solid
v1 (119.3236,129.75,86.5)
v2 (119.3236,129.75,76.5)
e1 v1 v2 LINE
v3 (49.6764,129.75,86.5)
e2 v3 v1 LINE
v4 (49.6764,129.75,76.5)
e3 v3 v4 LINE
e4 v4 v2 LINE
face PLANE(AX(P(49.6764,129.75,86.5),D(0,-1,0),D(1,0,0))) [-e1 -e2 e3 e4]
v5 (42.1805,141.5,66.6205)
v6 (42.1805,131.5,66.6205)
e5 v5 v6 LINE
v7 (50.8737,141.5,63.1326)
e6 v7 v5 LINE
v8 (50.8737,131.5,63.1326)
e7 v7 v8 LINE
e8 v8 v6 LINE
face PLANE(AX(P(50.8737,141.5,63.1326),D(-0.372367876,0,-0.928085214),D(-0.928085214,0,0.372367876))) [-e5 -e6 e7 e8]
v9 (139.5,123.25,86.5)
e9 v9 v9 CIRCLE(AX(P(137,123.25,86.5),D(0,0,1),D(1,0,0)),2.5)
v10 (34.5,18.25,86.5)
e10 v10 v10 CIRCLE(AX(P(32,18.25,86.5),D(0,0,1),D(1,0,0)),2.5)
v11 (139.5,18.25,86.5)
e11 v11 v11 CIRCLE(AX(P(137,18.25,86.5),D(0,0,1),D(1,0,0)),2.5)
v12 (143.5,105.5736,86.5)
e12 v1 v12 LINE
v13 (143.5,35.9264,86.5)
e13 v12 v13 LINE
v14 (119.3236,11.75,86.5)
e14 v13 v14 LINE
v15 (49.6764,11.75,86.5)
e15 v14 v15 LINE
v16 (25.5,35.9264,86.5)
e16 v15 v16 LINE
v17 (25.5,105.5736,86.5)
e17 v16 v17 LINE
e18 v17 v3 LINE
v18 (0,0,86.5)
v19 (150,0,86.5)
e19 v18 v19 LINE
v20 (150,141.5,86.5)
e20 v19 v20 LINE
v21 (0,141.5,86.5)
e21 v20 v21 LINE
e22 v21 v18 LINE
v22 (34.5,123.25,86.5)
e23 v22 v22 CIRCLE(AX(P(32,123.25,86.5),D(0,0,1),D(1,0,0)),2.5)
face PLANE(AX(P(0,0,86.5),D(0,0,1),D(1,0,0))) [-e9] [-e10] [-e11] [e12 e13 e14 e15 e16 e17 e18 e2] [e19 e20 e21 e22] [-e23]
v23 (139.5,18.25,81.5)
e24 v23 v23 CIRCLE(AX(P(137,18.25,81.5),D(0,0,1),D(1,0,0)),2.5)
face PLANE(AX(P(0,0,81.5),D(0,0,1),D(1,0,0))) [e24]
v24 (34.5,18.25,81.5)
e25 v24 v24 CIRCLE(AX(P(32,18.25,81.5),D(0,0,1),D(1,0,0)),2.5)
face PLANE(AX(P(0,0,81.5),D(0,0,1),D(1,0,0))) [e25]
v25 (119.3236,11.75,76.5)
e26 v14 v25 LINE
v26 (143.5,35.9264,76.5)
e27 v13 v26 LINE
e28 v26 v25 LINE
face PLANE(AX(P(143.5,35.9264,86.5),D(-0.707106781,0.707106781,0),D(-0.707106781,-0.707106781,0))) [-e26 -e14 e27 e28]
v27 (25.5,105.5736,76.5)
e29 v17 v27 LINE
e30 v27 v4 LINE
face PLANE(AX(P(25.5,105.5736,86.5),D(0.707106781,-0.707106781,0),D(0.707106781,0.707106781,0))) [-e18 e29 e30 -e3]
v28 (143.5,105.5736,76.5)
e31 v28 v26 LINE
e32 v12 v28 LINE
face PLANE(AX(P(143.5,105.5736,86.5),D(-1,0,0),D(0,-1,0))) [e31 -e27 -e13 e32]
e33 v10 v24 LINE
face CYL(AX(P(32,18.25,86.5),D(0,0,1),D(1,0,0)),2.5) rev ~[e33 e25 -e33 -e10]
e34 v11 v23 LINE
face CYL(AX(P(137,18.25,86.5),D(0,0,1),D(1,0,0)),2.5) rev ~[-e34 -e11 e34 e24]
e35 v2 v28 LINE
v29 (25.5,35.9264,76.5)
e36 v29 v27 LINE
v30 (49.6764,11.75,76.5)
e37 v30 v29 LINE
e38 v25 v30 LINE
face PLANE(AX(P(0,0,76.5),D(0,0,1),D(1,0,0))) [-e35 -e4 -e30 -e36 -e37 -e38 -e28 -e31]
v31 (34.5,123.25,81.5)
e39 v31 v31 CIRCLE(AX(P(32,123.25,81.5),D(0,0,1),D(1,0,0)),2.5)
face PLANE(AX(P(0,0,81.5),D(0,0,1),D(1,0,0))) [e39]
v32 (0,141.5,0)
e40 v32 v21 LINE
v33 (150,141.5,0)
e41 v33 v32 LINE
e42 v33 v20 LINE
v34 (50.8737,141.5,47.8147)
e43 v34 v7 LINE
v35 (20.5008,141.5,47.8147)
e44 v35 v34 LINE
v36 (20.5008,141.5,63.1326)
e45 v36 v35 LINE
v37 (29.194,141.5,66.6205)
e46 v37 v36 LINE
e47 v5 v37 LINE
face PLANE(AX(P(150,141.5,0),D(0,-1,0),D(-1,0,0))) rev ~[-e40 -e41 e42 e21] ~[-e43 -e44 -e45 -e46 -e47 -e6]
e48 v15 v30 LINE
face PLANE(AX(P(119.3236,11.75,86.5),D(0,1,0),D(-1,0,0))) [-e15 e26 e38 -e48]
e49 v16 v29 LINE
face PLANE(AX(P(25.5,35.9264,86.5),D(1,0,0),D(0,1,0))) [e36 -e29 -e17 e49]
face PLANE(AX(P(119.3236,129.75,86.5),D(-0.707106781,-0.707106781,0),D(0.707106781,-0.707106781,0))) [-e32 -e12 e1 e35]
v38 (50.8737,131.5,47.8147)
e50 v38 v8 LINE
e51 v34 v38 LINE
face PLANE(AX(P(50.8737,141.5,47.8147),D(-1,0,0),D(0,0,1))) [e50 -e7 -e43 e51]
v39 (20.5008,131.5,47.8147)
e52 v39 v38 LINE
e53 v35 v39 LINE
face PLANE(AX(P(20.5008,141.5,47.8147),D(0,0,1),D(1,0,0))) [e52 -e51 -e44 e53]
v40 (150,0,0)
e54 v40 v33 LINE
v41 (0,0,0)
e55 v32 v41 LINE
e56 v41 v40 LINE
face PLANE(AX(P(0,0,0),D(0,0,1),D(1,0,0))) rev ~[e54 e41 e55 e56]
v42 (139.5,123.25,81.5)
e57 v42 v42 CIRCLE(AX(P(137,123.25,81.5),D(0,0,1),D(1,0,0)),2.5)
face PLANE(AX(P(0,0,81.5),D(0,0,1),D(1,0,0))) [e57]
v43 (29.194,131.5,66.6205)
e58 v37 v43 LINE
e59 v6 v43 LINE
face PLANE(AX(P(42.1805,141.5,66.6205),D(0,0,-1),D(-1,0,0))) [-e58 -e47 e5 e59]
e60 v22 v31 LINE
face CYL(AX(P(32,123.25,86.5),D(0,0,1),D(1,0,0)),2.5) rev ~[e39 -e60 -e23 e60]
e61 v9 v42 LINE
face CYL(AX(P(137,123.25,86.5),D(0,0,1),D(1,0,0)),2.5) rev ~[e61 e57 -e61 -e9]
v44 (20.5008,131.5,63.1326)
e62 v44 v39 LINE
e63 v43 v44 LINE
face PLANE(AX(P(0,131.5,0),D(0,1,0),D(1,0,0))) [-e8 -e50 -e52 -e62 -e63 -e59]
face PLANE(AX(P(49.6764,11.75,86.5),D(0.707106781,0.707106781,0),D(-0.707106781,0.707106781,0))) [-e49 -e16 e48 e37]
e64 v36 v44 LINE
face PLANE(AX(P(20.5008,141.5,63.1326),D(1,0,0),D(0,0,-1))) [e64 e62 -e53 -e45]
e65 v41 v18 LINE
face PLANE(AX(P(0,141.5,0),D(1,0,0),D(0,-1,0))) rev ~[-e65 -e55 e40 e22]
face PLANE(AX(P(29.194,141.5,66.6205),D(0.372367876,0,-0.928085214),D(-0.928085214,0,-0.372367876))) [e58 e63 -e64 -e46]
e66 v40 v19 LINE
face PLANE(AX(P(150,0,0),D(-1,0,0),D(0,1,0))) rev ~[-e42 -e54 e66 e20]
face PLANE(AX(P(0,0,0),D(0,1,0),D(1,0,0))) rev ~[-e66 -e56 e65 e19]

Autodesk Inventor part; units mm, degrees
ref_plane "YZ Plane" through (0, 0, 0) normal (1, 0, 0) x (0, 1, 0)
ref_plane "XZ Plane" through (0, 0, 0) normal (0, 1, 0) x (-1, 0, 0)
ref_plane "XY Plane" through (0, 0, 0) normal (0, 0, 1) x (1, 0, 0)
sketch "스케치1" plane through (0, 0, 0) normal (0, 0, 1) x (1, 0, 0)
  line L0 (0, 0) -> (150, 0)
  line L1 (150, 0) -> (150, 141.5)
  line L2 (150, 141.5) -> (0, 141.5)
  line L3 (0, 141.5) -> (0, 0)
  dimension "d0" = 150
  dimension "d1" = 141.5
extrude "돌출1" add sketch "스케치1" along normal blind 86.5
sketch "스케치2" plane through (0, 0, 86.5) normal (0, 0, 1) x (1, 0, 0)
  line L0 (150, 0) -> (150, 141.5) projected
  line L1 (137, 18.25) -> (32, 18.25) construction
  line L2 (32, 18.25) -> (32, 123.25) construction
  line L3 (32, 123.25) -> (137, 123.25) construction
  line L4 (137, 123.25) -> (137, 18.25) construction
  line L5 (137, 18.25) -> (32, 123.25) construction
  line L6 (32, 18.25) -> (137, 123.25) construction
  circle A0 centre (32, 123.25) radius 2.5
  circle A1 centre (32, 18.25) radius 2.5
  circle A2 centre (137, 18.25) radius 2.5
  circle A3 centre (137, 123.25) radius 2.5
  point P0 (84.5, 70.75)
  point P1 (32, 70.75)
  point P2 (0, 70.75)
  dimension "d4" = 105
  dimension "d5" = 105
  dimension "d7" = 13
  dimension "d9" = 5
  dimension "d12" = 360
extrude "돌출2" cut sketch "스케치2" against normal blind 5
sketch "스케치3" plane through (0, 0, 86.5) normal (0, 0, 1) x (1, 0, 0)
  circle A0 centre (32, 123.25) radius 2.5 construction
  circle A1 centre (137, 18.25) radius 2.5 construction
  line L0 (32, 123.25) -> (137, 123.25) construction
  line L1 (137, 123.25) -> (137, 18.25) construction
  line L2 (137, 18.25) -> (32, 18.25) construction
  line L3 (32, 18.25) -> (32, 123.25) construction
  line L4 (84.5, 123.25) -> (84.5, 70.75) construction
  line L5 (84.5, 70.75) -> (137, 70.75) construction
  line L6 (119.3236, 11.75) -> (49.6764, 11.75)
  line L7 (25.5, 35.9264) -> (25.5, 105.5736)
  line L8 (49.6764, 129.75) -> (119.3236, 129.75)
  line L9 (143.5, 105.5736) -> (143.5, 35.9264)
  line L10 (143.5, 11.75) -> (25.5, 129.75) construction
  line L11 (25.5, 11.75) -> (143.5, 129.75) construction
  line L12 (119.3236, 129.75) -> (143.5, 105.5736)
  line L13 (25.5, 105.5736) -> (49.6764, 129.75)
  line L14 (49.6764, 11.75) -> (25.5, 35.9264)
  line L15 (143.5, 35.9264) -> (119.3236, 11.75)
  point P0 (150, 141.5)
  dimension "d28" = 360
  dimension "d16" = 90
  dimension "d21" = 118
  dimension "d22" = 45
  dimension "d24" = 45
  dimension "d25" = 30
extrude "돌출3" cut sketch "스케치3" against normal blind 10
sketch "스케치4" plane through (0, 141.5, 0) normal (0, 1, 0) x (1, 0, 0)
  line L0 (20.5008, -63.1326) -> (20.5008, -47.8147)
  line L1 (20.5008, -47.8147) -> (50.8737, -47.8147)
  line L2 (50.8737, -47.8147) -> (50.8737, -63.1326)
  line L3 (50.8737, -63.1326) -> (42.1805, -66.6205)
  line L4 (42.1805, -66.6205) -> (29.194, -66.6205)
  line L5 (29.194, -66.6205) -> (20.5008, -63.1326)
  point P0 (35.6872, -66.6205)
  point P1 (35.6872, -47.8147)
extrude "돌출4" cut sketch "스케치4" against normal blind 10
properties part number "파워서플라이"
